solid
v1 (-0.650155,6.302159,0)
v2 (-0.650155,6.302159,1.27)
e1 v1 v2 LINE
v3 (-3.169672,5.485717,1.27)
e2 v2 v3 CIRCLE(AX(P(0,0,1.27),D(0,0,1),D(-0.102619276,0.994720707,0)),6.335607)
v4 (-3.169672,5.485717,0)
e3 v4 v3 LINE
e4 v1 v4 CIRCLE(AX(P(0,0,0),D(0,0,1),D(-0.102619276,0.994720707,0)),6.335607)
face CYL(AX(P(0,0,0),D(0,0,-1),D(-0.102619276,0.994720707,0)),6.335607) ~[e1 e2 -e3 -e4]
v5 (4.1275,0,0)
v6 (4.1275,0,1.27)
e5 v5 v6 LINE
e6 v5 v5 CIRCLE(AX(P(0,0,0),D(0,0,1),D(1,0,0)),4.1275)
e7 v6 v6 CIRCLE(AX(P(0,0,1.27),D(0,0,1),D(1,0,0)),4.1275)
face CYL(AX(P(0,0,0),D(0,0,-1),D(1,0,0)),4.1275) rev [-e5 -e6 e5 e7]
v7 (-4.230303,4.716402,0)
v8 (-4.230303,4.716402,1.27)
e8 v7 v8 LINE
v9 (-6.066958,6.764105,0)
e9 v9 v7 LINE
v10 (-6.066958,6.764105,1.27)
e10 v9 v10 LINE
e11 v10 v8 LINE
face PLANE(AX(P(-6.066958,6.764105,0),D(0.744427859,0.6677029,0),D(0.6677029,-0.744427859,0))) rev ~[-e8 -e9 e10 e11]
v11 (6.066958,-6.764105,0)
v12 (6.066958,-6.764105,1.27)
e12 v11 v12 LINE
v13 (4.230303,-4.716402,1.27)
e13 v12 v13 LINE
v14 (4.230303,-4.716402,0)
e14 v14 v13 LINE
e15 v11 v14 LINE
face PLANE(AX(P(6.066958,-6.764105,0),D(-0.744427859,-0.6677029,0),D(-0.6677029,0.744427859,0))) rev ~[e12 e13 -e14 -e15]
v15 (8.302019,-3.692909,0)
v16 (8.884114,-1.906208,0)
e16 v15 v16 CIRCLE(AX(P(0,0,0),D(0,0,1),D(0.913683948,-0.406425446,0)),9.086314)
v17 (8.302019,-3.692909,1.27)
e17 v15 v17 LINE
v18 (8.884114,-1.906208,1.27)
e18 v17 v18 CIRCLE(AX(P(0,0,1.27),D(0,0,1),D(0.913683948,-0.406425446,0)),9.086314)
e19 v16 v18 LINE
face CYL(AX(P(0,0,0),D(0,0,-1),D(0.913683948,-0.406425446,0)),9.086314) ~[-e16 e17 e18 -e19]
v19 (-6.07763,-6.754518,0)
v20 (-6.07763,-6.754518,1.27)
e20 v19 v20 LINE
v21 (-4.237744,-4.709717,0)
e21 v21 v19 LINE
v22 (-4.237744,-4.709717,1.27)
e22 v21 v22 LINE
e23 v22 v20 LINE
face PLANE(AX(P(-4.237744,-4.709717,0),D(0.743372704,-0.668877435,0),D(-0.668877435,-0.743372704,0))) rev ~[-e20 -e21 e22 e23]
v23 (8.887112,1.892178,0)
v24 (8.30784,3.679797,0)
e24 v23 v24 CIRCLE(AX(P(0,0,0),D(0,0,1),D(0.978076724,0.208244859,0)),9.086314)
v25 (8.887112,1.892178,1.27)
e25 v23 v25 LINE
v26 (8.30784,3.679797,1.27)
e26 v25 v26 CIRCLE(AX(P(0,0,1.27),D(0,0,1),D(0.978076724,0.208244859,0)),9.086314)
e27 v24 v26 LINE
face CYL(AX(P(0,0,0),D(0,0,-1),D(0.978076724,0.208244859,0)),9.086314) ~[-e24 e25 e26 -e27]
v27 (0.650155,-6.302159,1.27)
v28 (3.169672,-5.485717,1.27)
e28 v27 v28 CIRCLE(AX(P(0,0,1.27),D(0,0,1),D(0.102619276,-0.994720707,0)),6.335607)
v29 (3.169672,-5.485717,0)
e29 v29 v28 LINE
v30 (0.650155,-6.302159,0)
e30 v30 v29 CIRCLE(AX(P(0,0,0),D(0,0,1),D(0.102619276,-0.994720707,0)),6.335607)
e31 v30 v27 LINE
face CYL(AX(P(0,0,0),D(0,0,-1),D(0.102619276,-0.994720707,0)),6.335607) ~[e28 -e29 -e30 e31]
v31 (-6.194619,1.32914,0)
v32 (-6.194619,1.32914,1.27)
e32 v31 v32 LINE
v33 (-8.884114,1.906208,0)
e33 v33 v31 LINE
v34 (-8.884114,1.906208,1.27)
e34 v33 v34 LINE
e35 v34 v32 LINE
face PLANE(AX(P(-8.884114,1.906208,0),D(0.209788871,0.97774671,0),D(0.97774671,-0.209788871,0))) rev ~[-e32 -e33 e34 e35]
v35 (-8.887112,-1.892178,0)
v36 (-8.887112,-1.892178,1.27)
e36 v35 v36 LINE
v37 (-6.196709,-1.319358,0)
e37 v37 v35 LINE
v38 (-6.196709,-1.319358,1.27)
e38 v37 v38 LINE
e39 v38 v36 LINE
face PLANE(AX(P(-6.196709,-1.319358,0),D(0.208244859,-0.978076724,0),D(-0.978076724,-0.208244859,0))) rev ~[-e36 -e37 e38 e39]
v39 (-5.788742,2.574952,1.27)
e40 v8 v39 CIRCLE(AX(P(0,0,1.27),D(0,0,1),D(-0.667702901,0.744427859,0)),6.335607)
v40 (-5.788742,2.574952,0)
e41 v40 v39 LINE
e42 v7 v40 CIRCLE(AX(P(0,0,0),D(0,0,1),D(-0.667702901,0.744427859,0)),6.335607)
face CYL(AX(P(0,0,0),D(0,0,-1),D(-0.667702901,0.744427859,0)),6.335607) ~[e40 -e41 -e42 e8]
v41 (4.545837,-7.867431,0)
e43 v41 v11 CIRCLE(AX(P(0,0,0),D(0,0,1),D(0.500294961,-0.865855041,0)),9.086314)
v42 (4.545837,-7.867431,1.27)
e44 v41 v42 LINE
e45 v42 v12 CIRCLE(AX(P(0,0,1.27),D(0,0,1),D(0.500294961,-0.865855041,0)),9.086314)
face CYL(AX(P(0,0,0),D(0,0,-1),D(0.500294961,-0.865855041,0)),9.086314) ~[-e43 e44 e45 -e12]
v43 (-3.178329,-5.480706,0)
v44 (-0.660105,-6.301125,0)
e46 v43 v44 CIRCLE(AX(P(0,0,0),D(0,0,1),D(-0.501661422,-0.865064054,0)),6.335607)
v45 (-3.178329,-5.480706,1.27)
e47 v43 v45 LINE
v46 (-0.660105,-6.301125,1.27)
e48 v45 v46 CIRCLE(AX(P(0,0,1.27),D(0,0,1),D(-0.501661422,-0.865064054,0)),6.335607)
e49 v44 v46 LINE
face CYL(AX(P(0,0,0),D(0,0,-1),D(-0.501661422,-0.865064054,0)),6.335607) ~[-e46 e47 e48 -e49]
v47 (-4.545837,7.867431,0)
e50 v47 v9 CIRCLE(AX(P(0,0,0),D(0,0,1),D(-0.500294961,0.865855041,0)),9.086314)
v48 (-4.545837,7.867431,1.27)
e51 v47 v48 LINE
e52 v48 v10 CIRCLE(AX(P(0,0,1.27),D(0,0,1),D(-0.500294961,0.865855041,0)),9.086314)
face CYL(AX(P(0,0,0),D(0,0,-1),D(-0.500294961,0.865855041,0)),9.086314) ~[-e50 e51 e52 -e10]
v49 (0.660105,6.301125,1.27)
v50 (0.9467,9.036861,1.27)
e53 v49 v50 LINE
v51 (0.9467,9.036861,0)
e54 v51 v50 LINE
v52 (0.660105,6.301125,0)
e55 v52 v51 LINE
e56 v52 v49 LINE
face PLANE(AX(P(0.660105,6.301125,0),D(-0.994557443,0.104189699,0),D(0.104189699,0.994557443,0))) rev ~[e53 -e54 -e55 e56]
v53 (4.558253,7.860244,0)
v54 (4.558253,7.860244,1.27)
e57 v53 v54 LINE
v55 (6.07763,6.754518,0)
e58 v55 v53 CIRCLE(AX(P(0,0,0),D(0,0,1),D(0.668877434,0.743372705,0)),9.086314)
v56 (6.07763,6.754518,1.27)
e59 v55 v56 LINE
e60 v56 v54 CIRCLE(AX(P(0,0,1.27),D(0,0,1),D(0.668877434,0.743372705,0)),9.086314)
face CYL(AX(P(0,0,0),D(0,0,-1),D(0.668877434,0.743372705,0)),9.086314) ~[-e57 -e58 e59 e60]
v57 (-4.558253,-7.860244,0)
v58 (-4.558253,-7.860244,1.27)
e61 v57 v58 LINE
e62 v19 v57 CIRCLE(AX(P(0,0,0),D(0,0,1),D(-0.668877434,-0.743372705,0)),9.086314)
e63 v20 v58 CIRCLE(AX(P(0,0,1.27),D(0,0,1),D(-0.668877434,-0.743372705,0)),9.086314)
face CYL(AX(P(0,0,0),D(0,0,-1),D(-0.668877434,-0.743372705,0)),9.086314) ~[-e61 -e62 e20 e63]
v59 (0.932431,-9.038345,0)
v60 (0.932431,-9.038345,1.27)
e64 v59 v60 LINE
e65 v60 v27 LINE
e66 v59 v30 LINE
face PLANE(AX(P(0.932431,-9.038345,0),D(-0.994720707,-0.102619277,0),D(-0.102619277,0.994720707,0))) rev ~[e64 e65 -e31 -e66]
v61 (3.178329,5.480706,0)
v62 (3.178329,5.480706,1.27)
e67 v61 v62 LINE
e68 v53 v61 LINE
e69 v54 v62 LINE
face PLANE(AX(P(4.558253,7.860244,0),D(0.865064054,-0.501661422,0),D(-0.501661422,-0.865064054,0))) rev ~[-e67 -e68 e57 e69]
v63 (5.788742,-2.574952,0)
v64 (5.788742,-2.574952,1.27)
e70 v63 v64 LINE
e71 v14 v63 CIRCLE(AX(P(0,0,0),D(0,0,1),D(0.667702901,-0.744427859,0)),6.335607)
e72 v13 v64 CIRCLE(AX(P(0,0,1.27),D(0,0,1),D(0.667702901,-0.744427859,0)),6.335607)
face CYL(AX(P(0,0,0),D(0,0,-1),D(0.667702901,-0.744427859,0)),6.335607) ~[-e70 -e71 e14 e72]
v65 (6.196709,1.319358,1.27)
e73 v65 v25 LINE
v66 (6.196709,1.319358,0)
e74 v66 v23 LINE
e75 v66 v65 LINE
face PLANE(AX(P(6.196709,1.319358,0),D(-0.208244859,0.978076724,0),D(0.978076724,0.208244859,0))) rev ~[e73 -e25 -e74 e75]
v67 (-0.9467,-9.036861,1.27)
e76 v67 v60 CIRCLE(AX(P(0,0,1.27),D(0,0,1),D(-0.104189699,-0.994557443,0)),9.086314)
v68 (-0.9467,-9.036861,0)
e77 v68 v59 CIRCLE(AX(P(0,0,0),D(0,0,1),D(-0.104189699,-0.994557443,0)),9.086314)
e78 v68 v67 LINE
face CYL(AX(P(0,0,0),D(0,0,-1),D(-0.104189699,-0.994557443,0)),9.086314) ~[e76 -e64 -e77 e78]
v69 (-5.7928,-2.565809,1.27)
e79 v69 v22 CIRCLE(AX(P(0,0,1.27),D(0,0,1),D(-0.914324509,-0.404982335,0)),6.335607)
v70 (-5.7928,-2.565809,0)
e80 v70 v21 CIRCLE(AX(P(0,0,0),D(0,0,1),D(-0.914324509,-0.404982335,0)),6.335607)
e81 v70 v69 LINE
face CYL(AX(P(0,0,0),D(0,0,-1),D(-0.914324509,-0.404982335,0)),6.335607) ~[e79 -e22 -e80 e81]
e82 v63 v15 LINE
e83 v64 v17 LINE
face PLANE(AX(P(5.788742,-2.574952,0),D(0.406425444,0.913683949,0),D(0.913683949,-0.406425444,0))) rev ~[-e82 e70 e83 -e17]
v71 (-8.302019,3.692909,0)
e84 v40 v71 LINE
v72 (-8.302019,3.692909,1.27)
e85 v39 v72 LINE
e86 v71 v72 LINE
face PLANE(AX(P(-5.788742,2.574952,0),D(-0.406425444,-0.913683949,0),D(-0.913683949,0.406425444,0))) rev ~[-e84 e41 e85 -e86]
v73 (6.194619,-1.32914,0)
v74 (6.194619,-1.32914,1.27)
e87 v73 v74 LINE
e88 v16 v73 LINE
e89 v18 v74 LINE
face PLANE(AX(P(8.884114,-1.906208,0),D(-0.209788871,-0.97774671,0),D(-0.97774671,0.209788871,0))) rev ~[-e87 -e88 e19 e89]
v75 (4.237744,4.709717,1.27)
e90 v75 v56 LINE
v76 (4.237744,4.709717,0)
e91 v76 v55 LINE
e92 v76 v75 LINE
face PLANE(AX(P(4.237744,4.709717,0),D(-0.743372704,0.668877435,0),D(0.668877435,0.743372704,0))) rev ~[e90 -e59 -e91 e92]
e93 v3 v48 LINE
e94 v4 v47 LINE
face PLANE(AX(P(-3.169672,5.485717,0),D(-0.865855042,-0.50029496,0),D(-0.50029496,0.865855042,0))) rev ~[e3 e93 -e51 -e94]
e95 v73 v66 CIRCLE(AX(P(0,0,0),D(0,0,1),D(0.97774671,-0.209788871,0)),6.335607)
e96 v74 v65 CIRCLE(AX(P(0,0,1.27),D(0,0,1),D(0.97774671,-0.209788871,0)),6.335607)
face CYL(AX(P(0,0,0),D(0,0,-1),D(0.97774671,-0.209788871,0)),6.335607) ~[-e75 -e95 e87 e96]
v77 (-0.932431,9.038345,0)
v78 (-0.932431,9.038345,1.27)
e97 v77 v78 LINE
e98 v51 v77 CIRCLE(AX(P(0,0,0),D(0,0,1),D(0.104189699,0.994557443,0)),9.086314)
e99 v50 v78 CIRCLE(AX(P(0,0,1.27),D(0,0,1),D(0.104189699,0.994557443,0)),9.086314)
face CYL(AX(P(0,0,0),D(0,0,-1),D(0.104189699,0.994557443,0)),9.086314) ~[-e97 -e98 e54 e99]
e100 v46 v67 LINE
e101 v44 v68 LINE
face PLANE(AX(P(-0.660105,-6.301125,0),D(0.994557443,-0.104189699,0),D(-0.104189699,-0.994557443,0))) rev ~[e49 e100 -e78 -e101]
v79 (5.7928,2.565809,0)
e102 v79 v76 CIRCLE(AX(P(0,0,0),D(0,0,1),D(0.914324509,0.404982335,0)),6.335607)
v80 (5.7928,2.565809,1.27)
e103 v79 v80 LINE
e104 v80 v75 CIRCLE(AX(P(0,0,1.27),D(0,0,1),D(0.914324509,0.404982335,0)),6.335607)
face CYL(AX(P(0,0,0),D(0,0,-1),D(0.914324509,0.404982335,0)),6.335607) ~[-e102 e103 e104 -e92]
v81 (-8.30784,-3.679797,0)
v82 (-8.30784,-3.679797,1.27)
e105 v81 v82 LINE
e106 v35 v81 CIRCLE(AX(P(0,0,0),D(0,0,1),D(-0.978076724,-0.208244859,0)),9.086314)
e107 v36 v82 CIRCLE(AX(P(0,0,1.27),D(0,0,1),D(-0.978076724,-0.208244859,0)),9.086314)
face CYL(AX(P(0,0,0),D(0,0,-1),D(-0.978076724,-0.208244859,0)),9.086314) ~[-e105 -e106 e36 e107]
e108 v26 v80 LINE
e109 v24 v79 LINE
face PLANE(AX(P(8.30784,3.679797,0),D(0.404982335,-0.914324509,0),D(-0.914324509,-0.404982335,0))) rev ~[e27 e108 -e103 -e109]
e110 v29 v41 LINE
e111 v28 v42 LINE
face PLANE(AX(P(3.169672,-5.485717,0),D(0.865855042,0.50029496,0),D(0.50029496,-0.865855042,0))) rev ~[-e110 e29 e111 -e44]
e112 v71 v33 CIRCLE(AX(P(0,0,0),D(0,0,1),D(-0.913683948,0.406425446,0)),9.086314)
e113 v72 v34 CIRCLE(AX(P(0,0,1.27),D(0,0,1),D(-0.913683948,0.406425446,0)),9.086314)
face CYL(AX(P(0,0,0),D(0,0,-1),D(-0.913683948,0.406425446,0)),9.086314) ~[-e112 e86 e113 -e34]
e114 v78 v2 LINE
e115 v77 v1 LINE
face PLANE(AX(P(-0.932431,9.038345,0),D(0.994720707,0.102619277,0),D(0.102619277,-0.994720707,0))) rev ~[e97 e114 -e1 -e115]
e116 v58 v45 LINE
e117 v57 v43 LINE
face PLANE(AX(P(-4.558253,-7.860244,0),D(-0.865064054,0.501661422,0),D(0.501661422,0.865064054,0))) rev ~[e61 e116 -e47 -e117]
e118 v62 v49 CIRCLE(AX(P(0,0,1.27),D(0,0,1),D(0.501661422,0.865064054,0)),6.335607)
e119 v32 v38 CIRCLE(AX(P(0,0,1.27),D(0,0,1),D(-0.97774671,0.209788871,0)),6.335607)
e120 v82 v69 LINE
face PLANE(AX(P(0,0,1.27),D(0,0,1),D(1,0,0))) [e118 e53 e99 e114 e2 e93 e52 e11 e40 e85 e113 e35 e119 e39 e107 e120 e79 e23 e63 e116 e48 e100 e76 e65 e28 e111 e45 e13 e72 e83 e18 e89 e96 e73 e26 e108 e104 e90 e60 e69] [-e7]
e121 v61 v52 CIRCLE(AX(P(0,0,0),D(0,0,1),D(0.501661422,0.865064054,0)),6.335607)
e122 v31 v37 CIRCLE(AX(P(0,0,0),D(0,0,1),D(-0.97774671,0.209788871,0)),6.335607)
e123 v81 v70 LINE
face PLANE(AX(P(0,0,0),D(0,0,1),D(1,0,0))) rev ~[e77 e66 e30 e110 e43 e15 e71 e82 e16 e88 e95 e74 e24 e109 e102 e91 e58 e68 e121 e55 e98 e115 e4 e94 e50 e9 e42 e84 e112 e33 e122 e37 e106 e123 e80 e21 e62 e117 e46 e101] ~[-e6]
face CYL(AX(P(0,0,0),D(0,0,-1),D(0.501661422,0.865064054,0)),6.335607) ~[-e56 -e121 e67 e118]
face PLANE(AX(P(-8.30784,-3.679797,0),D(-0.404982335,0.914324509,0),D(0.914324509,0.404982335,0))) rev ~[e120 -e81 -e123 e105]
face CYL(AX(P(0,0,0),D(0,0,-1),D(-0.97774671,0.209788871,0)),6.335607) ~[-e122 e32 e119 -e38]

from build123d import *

# Parameters (mm, degrees)
SKETCH1_R           = 4.1275
BOSS_EXTRUDE1_DEPTH = 1.27


with BuildPart() as part:
    # Sketch1 → Boss-Extrude1 (new body)
    with BuildSketch(Plane.XY):
        with BuildLine():
            Line((-0.66010495, -6.301124731), (-0.946700317, -9.036861149))
            ThreePointArc((-0.946700317, -9.036861149), (-0.007173127, -9.086311103), (0.932430967, -9.038344617))
            Line((0.932430967, -9.038344617), (0.650155372, -6.302159107))
            ThreePointArc((0.650155372, -6.302159107), (1.953052705, -6.027063676), (3.169672067, -5.485716945))
            Line((3.169672067, -5.485716945), (4.545837066, -7.86743073))
            ThreePointArc((4.545837066, -7.86743073), (5.334996482, -7.355196357), (6.066958169, -6.764105225))
            Line((6.066958169, -6.764105225), (4.230302926, -4.716402079))
            ThreePointArc((4.230302926, -4.716402079), (5.122671972, -3.728021363), (5.788742087, -2.57495174))
            Line((5.788742087, -2.57495174), (8.302019196, -3.692909176))
            ThreePointArc((8.302019196, -3.692909176), (8.639378766, -2.814646597), (8.884113559, -1.906207541))
            Line((8.884113559, -1.906207541), (6.194618544, -1.329139762))
            ThreePointArc((6.194618544, -1.329139762), (6.335604659, -0.005001601), (6.196709383, 1.319357511))
            Line((6.196709383, 1.319357511), (8.887112169, 1.892178166))
            ThreePointArc((8.887112169, 1.892178166), (8.643812002, 2.801002498), (8.30783953, 3.679796635))
            Line((8.30783953, 3.679796635), (5.792800426, 2.565808769))
            ThreePointArc((5.792800426, 2.565808769), (5.128551706, 3.719928603), (4.237744312, 4.709717036))
            Line((4.237744312, 4.709717036), (6.077630355, 6.754517761))
            ThreePointArc((6.077630355, 6.754517761), (5.346602846, 7.34676384), (4.558253173, 7.860243567))
            Line((4.558253173, 7.860243567), (3.178329436, 5.480705558))
            ThreePointArc((3.178329436, 5.480705558), (1.962566314, 6.023972516), (0.66010495, 6.301124731))
            Line((0.66010495, 6.301124731), (0.946700317, 9.036861149))
            ThreePointArc((0.946700317, 9.036861149), (0.007173127, 9.086311103), (-0.932430967, 9.038344617))
            Line((-0.932430967, 9.038344617), (-0.650155372, 6.302159107))
            ThreePointArc((-0.650155372, 6.302159107), (-1.953052705, 6.027063676), (-3.169672067, 5.485716945))
            Line((-3.169672067, 5.485716945), (-4.545837066, 7.86743073))
            ThreePointArc((-4.545837066, 7.86743073), (-5.334996482, 7.355196357), (-6.066958169, 6.764105225))
            Line((-6.066958169, 6.764105225), (-4.230302926, 4.716402079))
            ThreePointArc((-4.230302926, 4.716402079), (-5.122671972, 3.728021363), (-5.788742087, 2.57495174))
            Line((-5.788742087, 2.57495174), (-8.302019196, 3.692909176))
            ThreePointArc((-8.302019196, 3.692909176), (-8.639378766, 2.814646597), (-8.884113559, 1.906207541))
            Line((-8.884113559, 1.906207541), (-6.194618544, 1.329139762))
            ThreePointArc((-6.194618544, 1.329139762), (-6.335604659, 0.005001601), (-6.196709383, -1.319357511))
            Line((-6.196709383, -1.319357511), (-8.887112169, -1.892178166))
            ThreePointArc((-8.887112169, -1.892178166), (-8.643812002, -2.801002498), (-8.30783953, -3.679796635))
            Line((-8.30783953, -3.679796635), (-5.792800426, -2.565808769))
            ThreePointArc((-5.792800426, -2.565808769), (-5.128551706, -3.719928603), (-4.237744312, -4.709717036))
            Line((-4.237744312, -4.709717036), (-6.077630355, -6.754517761))
            ThreePointArc((-6.077630355, -6.754517761), (-5.346602846, -7.34676384), (-4.558253173, -7.860243567))
            Line((-4.558253173, -7.860243567), (-3.178329436, -5.480705558))
            ThreePointArc((-3.178329436, -5.480705558), (-1.962566314, -6.023972516), (-0.66010495, -6.301124731))
        make_face()
        Circle(SKETCH1_R, mode=Mode.SUBTRACT)
    extrude(amount=BOSS_EXTRUDE1_DEPTH)


solid = part.part
